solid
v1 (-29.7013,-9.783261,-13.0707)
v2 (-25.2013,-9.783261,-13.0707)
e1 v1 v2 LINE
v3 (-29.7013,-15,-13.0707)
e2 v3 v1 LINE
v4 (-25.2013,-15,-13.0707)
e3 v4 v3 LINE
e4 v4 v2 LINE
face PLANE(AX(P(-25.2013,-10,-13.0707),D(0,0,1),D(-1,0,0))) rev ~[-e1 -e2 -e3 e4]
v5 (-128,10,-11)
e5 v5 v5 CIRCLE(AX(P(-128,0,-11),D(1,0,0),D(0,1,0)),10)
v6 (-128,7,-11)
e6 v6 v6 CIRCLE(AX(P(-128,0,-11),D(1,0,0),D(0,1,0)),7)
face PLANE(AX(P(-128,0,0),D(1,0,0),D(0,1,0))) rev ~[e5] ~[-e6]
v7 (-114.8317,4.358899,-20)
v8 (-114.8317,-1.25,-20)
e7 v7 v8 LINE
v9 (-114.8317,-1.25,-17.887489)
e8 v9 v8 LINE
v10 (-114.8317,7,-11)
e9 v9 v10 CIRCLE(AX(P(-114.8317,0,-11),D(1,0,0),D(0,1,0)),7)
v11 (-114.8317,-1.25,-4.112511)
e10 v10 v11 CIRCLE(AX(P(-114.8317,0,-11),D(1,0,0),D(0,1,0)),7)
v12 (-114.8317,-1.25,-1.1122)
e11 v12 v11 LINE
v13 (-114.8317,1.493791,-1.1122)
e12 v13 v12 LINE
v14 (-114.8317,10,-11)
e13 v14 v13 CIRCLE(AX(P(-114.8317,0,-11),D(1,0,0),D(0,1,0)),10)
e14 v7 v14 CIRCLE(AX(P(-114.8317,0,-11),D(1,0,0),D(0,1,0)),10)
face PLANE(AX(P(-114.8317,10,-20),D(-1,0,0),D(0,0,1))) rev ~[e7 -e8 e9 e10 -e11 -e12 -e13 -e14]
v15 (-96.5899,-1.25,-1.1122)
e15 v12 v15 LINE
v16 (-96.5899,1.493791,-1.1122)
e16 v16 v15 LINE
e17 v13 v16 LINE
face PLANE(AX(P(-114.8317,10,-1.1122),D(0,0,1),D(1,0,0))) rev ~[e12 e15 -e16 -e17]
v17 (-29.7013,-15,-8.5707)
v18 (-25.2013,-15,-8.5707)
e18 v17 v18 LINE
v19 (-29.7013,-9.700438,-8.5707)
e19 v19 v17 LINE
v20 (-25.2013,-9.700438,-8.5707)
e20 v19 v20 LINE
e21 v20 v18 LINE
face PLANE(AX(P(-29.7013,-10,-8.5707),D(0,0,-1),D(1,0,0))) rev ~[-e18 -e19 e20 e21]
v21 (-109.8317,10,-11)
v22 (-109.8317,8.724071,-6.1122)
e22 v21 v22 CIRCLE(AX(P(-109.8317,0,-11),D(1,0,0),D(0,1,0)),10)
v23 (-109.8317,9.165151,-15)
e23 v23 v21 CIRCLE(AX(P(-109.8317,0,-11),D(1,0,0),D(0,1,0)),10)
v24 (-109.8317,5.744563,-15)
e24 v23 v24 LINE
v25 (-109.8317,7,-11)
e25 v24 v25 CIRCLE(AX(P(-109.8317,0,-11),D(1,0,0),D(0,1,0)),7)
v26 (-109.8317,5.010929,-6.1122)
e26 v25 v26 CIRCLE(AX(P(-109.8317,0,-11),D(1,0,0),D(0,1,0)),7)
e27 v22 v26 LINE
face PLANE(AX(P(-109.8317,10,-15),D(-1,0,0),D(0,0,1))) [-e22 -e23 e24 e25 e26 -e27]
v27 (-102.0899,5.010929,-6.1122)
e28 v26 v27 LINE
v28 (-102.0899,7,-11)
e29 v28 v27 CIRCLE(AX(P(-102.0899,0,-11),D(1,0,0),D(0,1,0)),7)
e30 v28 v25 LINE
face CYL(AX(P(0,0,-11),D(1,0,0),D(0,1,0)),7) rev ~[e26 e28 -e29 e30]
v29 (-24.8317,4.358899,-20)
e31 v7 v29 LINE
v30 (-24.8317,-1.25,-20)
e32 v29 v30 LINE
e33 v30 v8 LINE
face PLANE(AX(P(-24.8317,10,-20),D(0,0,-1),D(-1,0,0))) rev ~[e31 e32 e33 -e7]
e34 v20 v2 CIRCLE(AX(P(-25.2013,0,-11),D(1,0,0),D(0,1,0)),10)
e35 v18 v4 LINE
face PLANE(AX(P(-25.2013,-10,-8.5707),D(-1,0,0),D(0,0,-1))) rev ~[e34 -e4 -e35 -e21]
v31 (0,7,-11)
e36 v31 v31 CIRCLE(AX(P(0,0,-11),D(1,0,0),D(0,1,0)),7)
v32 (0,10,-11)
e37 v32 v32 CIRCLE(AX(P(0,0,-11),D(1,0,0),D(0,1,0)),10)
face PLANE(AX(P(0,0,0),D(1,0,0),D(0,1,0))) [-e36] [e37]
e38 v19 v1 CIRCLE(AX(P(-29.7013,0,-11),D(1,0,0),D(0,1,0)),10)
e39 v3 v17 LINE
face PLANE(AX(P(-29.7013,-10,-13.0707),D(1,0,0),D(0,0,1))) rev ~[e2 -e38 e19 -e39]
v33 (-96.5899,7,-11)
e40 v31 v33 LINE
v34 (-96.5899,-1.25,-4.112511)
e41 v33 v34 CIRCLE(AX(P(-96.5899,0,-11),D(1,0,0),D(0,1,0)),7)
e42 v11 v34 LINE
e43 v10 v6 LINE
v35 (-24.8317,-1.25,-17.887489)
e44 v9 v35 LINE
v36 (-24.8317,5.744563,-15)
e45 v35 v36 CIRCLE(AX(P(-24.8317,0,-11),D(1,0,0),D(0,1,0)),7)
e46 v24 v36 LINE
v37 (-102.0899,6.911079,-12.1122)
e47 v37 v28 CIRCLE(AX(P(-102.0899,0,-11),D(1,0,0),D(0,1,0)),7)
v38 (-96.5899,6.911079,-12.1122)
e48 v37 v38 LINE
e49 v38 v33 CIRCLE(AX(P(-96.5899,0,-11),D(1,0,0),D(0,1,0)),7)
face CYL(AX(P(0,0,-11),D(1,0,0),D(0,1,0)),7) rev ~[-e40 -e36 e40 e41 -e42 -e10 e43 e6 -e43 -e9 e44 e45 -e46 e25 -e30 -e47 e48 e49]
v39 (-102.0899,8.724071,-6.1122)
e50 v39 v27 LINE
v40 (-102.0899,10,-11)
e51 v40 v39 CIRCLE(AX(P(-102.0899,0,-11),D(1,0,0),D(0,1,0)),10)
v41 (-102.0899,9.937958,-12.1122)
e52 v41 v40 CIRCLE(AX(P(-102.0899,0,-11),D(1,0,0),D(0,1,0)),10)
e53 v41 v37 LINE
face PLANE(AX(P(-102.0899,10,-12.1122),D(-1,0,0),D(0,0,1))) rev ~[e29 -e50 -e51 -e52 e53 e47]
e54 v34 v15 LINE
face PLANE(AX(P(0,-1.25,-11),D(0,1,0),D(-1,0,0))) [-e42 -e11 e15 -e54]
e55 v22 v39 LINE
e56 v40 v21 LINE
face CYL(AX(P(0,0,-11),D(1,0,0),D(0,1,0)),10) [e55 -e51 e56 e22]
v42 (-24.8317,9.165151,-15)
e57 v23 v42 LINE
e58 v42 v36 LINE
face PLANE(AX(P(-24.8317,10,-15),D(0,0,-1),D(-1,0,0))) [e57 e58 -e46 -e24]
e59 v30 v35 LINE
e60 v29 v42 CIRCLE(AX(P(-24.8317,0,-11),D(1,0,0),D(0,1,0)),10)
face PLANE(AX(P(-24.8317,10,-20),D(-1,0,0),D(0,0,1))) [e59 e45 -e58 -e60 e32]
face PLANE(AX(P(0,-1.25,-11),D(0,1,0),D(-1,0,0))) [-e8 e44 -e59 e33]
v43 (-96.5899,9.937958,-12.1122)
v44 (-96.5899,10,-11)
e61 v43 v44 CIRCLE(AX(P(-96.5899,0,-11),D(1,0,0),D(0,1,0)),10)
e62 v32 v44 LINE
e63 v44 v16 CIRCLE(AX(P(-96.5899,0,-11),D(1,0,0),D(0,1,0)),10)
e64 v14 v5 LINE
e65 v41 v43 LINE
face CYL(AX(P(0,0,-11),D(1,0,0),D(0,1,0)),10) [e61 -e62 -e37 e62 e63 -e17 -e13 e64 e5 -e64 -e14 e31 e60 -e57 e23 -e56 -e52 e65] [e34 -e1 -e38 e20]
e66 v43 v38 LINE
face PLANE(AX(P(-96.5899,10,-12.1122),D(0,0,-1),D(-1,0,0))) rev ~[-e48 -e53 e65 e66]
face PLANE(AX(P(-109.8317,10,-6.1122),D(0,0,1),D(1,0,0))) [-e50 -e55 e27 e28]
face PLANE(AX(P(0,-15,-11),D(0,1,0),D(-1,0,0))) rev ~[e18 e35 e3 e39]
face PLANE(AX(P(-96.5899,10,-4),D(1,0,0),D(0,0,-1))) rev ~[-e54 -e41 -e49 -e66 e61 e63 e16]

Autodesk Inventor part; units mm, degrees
ref_plane "YZ Plane" through (0, 0, 0) normal (1, 0, 0) x (0, 1, 0)
ref_plane "XY Plane" through (0, 0, 0) normal (0, 0, 1) x (1, 0, 0)
sketch "Schizzo2" plane through (0, 0, 0) normal (1, 0, 0) x (0, 1, 0)
  circle A0 centre (0, -11) radius 10
  point P0 (0, 0)
  dimension "d4" = 11
  dimension "d5" = 20
extrude "Estrusione1" add sketch "Schizzo2" against normal blind 128
shell "Svuotamento1" thickness 3 removed faces 2 at (0, -3.2365, -10.2023) at (-128, -3.2365, -10.2023)
sketch "Schizzo1" plane through (0, 0, 0) normal (0, 1, 0) x (-1, 0, 0)
  line L0 (0, 0) -> (0, -20)
  line L1 (0, -10) -> (128, -10)
  line L2 (128, 0) -> (128, -20)
  line L3 (0, -20) -> (25, -20)
  line L4 (25, -20) -> (128, -20)
  line L5 (128, 0) -> (0, 0)
  dimension "d0" = 20
  dimension "d3" = 25
ref_plane "Piano di lavoro7" through (0, 10, -11) normal (0, 1, 0) x (-1, 0, 0)
sketch "Schizzo13" plane through (0, 10, -11) normal (0, 1, 0) x (-1, 0, 0)
  line L0 (24.8317, -9) -> (114.8317, -9)
  line L1 (24.8317, -9) -> (24.8317, -4)
  line L2 (24.8317, -4) -> (109.8317, -4)
  line L3 (114.8317, -9) -> (114.8317, 9.8878)
  line L4 (0, 7) -> (128, 7) projected
  line L5 (109.8317, -4) -> (109.8317, 4.8878)
  line L6 (114.8317, 9.8878) -> (96.5899, 9.8878)
  line L7 (96.5899, 9.8878) -> (96.5899, -1.1122)
  line L8 (96.5899, -1.1122) -> (102.0899, -1.1122)
  line L9 (102.0899, -1.1122) -> (102.0899, 4.8878)
  line L10 (109.8317, 4.8878) -> (102.0899, 4.8878)
  point P0 (0, 11)
  dimension "d59" = 90
  dimension "d60" = 5
  dimension "d61" = 85
  dimension "d62" = 6
  dimension "d63" = 5
  dimension "d64" = 5.5
  dimension "d65" = 11
extrude "Estrusione7" cut sketch "Schizzo13" against normal blind 11.25
ref_plane "Piano di lavoro8" through (0, -10, -11) normal (0, 1, 0) x (-1, 0, 0)
sketch "Schizzo14" plane through (0, -10, -11) normal (0, 1, 0) x (-1, 0, 0)
  line L0 (25.2013, -2.0707) -> (29.7013, -2.0707)
  line L1 (29.7013, -2.0707) -> (29.7013, 2.4293)
  line L2 (29.7013, 2.4293) -> (25.2013, 2.4293)
  line L3 (25.2013, 2.4293) -> (25.2013, -2.0707)
  point P0 (0, 11)
  dimension "d68" = 4.5
  dimension "d69" = 4.5
extrude "Estrusione8" add sketch "Schizzo14" along normal blind 2.5 and the other way blind 5
properties part number "astaoscilla2_306"
